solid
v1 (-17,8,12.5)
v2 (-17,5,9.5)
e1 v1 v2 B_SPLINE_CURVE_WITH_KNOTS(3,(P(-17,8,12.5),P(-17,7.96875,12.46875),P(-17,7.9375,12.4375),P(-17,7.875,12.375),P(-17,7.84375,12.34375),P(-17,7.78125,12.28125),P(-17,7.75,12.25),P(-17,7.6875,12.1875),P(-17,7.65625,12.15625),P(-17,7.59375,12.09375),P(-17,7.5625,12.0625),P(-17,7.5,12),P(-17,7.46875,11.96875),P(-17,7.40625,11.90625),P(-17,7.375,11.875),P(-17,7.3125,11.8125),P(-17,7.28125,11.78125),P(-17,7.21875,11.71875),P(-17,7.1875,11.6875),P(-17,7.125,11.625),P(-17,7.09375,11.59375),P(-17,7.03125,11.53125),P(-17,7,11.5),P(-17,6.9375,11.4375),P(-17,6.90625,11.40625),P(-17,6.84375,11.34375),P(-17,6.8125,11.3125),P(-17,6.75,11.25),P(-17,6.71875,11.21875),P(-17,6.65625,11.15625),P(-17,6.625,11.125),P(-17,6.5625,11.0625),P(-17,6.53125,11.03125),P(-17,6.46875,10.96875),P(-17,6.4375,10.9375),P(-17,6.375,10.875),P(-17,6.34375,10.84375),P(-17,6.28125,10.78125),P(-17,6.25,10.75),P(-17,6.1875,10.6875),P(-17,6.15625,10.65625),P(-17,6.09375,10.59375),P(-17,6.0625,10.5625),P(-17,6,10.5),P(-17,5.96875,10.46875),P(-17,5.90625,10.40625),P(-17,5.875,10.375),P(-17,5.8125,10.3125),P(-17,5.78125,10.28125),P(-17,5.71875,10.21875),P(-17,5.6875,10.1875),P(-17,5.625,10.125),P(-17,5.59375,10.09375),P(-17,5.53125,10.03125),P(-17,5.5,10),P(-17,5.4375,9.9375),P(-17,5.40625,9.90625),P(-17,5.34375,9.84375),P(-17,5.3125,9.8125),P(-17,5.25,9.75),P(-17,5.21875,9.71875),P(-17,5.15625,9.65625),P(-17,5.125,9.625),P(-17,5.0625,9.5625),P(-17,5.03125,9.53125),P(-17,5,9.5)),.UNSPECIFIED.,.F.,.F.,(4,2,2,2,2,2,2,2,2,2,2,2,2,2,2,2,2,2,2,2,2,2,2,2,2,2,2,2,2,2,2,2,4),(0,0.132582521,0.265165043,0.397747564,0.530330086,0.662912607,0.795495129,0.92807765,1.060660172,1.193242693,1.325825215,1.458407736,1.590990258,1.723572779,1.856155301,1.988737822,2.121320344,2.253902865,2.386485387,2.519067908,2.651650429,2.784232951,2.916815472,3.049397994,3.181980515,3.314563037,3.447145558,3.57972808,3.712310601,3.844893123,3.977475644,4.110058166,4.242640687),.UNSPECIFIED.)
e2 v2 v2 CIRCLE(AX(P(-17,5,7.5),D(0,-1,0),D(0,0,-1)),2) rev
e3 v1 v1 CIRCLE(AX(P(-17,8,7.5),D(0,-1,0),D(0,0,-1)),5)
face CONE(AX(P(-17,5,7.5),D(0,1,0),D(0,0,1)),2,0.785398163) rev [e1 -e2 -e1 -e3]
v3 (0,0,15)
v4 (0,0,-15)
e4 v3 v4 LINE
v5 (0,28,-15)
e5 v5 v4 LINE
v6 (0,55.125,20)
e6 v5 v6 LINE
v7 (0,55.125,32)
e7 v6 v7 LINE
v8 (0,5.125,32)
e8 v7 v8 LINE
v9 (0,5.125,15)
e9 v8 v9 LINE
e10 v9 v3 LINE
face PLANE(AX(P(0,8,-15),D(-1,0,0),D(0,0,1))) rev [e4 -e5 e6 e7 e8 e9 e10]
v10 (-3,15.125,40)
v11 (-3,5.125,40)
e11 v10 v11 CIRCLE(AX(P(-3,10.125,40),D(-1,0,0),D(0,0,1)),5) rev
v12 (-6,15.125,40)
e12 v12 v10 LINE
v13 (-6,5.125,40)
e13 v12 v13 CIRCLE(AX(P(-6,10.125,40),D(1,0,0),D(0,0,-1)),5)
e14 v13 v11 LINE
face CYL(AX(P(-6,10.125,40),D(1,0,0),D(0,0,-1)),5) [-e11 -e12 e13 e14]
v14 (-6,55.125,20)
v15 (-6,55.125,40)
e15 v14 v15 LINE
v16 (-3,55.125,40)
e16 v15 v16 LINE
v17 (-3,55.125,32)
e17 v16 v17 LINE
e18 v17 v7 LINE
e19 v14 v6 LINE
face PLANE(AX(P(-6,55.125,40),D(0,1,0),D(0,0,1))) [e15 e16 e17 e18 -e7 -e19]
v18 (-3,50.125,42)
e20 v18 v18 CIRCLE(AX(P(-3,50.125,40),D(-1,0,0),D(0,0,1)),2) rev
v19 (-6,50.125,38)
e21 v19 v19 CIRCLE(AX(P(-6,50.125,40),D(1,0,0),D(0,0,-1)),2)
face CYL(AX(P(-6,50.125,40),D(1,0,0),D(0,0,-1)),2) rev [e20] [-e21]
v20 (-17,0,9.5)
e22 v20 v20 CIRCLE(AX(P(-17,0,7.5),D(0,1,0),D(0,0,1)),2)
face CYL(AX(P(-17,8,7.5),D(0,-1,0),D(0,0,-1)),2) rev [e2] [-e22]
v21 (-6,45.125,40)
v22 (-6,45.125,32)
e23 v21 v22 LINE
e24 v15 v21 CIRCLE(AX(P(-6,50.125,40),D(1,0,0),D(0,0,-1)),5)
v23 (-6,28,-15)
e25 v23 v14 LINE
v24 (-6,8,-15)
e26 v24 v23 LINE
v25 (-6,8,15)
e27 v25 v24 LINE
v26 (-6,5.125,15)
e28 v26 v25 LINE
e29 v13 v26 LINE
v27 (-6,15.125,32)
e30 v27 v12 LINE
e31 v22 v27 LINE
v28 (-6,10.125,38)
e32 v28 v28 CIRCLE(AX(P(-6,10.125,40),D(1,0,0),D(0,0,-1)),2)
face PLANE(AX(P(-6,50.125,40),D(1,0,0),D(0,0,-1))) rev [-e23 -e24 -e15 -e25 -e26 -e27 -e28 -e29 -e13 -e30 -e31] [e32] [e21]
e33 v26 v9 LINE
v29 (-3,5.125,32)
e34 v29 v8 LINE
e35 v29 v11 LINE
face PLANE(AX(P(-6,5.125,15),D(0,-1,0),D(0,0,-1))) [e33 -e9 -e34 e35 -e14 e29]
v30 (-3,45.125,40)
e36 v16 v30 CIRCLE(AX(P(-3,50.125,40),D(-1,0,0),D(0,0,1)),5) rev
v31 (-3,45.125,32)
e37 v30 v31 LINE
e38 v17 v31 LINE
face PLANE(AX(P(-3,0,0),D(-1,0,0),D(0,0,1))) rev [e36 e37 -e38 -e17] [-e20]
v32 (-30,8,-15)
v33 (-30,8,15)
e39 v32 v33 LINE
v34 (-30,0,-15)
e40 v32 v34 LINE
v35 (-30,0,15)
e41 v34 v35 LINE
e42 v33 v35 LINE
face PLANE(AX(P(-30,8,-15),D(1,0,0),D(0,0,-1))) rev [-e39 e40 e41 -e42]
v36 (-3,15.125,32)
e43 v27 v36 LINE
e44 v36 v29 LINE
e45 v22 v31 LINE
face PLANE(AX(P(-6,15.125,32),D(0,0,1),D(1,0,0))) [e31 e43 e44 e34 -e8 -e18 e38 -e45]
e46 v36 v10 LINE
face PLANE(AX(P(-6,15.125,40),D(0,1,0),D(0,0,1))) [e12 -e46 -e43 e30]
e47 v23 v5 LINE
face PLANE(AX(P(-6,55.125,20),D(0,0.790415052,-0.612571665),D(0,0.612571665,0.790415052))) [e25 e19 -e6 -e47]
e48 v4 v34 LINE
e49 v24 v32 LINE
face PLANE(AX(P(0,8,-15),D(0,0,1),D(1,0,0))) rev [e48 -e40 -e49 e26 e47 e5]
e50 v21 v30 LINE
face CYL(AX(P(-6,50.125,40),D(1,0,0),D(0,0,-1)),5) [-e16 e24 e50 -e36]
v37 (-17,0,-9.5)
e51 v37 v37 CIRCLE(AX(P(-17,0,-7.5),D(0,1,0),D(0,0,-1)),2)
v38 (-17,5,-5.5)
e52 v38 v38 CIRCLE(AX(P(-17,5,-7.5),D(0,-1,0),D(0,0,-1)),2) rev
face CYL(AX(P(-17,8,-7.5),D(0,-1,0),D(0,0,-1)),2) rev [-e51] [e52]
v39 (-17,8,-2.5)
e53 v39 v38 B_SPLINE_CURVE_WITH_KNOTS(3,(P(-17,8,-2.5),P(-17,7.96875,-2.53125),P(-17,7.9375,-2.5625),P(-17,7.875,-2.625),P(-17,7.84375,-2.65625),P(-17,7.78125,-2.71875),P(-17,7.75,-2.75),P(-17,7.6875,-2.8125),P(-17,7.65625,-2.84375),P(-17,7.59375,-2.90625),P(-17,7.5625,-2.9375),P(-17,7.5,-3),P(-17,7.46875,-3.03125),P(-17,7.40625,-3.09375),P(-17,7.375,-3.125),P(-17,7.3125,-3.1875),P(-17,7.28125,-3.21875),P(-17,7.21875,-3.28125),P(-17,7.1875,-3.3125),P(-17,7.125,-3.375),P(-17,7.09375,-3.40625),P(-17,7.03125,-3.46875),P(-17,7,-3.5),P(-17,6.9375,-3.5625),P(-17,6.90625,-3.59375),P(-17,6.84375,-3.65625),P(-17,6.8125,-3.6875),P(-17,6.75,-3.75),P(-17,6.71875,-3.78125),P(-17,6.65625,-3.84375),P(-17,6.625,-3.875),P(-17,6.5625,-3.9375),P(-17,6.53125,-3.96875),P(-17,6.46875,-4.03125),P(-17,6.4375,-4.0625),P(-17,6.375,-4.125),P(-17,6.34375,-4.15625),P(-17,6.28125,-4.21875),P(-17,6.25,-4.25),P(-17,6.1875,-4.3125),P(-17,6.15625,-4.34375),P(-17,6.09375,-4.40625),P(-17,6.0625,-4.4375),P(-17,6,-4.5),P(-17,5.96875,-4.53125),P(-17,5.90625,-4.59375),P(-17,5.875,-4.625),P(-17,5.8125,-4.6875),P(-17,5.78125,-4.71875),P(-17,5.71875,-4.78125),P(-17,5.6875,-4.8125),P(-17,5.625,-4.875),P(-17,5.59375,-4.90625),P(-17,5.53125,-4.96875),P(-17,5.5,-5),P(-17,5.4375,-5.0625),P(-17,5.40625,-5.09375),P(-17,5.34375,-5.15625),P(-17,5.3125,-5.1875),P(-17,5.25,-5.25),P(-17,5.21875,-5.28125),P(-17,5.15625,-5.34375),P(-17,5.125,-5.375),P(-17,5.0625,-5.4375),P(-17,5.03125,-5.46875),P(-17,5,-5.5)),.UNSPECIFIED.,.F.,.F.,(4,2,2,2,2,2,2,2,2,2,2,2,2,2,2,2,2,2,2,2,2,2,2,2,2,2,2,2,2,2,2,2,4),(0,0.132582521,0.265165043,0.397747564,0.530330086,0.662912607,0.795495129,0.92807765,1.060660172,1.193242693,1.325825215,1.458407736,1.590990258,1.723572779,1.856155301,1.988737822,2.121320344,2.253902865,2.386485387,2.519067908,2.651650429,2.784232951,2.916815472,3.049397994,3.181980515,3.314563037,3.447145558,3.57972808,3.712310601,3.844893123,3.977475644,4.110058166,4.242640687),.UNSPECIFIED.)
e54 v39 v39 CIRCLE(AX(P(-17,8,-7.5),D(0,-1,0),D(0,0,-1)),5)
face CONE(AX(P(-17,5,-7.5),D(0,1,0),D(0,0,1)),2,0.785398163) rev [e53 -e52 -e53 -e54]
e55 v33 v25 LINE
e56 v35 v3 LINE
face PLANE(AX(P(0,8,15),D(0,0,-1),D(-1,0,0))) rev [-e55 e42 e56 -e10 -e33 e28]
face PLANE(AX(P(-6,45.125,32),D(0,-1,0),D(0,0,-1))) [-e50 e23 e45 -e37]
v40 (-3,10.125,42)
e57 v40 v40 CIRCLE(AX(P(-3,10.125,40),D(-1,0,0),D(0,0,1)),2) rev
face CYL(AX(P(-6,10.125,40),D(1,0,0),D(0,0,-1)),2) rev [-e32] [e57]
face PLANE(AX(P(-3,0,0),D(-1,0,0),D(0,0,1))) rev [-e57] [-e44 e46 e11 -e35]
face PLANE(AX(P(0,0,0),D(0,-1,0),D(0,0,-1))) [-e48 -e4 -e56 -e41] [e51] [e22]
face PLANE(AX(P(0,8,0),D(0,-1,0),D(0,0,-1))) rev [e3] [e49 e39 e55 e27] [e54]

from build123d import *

# Parameters (mm, degrees)
SKETCH_1_W          = 30
SKETCH_1_H          = 30
SKETCH_1_R          = 2
EXTRUDE_1_DEPTH     = 8
SKETCH_3_R          = 2
EXTRUDE_2_DEPTH     = 6
CHAMFER_1_SIZE      = 3
CUT_EXTRUDE_START   = -6
SKETCH_4_W          = 13
SKETCH_4_H          = 50
CUT_EXTRUDE_1_DEPTH = 3


with BuildPart() as part:
    # 草图1 → 凸台-拉伸1 (new body)
    with BuildSketch(Plane(origin=(0, 0, 0), x_dir=(1, 0, 0), z_dir=(0, 1, 0))):
        with Locations((-15, 0)):
            Rectangle(SKETCH_1_W, SKETCH_1_H)
        with Locations(Location((-17, 7.5, 0), (0, 0, 90))):
            Circle(SKETCH_1_R, mode=Mode.SUBTRACT)
        with Locations(Location((-17, -7.5, 0), (0, 0, 270))):
            Circle(SKETCH_1_R, mode=Mode.SUBTRACT)
    extrude(amount=EXTRUDE_1_DEPTH)

    # 草图3 → 凸台-拉伸2 (add)
    with BuildSketch(Plane(origin=(0, 0, 0), x_dir=(0, 0, -1), z_dir=(1, 0, 0))):
        with BuildLine():
            Line((-15, 8), (-15, 5.125))
            Line((-15, 5.125), (-40, 5.125))
            ThreePointArc((-40, 5.125), (-45, 10.125), (-40, 15.125))
            Line((-40, 15.125), (-32, 15.125))
            Line((-32, 15.125), (-32, 45.125))
            Line((-32, 45.125), (-40, 45.125))
            ThreePointArc((-40, 45.125), (-45, 50.125), (-40, 55.125))
            Line((-40, 55.125), (-20, 55.125))
            Line((-20, 55.125), (15, 28))
            Line((15, 28), (15, 8))
            Line((15, 8), (-15, 8))
        make_face()
        with Locations((-40, 10.125)):
            Circle(SKETCH_3_R, mode=Mode.SUBTRACT)
        with Locations((-40, 50.125)):
            Circle(SKETCH_3_R, mode=Mode.SUBTRACT)
    extrude(amount=-EXTRUDE_2_DEPTH)

    # 倒角1
    chamfer_1_edges = [part.edges().sort_by_distance(p)[0] for p in [
        (-17, 8, -5.5),
        (-17, 8, 5.5),
    ]]
    chamfer(chamfer_1_edges, length=CHAMFER_1_SIZE)

    # 草图4 → 切除-拉伸1 (cut)
    with BuildSketch(Plane.ZY.offset(6).offset(CUT_EXTRUDE_START)):
        with Locations((38.5, 30.125)):
            Rectangle(SKETCH_4_W, SKETCH_4_H)
    extrude(amount=CUT_EXTRUDE_1_DEPTH, mode=Mode.SUBTRACT)


solid = part.part
